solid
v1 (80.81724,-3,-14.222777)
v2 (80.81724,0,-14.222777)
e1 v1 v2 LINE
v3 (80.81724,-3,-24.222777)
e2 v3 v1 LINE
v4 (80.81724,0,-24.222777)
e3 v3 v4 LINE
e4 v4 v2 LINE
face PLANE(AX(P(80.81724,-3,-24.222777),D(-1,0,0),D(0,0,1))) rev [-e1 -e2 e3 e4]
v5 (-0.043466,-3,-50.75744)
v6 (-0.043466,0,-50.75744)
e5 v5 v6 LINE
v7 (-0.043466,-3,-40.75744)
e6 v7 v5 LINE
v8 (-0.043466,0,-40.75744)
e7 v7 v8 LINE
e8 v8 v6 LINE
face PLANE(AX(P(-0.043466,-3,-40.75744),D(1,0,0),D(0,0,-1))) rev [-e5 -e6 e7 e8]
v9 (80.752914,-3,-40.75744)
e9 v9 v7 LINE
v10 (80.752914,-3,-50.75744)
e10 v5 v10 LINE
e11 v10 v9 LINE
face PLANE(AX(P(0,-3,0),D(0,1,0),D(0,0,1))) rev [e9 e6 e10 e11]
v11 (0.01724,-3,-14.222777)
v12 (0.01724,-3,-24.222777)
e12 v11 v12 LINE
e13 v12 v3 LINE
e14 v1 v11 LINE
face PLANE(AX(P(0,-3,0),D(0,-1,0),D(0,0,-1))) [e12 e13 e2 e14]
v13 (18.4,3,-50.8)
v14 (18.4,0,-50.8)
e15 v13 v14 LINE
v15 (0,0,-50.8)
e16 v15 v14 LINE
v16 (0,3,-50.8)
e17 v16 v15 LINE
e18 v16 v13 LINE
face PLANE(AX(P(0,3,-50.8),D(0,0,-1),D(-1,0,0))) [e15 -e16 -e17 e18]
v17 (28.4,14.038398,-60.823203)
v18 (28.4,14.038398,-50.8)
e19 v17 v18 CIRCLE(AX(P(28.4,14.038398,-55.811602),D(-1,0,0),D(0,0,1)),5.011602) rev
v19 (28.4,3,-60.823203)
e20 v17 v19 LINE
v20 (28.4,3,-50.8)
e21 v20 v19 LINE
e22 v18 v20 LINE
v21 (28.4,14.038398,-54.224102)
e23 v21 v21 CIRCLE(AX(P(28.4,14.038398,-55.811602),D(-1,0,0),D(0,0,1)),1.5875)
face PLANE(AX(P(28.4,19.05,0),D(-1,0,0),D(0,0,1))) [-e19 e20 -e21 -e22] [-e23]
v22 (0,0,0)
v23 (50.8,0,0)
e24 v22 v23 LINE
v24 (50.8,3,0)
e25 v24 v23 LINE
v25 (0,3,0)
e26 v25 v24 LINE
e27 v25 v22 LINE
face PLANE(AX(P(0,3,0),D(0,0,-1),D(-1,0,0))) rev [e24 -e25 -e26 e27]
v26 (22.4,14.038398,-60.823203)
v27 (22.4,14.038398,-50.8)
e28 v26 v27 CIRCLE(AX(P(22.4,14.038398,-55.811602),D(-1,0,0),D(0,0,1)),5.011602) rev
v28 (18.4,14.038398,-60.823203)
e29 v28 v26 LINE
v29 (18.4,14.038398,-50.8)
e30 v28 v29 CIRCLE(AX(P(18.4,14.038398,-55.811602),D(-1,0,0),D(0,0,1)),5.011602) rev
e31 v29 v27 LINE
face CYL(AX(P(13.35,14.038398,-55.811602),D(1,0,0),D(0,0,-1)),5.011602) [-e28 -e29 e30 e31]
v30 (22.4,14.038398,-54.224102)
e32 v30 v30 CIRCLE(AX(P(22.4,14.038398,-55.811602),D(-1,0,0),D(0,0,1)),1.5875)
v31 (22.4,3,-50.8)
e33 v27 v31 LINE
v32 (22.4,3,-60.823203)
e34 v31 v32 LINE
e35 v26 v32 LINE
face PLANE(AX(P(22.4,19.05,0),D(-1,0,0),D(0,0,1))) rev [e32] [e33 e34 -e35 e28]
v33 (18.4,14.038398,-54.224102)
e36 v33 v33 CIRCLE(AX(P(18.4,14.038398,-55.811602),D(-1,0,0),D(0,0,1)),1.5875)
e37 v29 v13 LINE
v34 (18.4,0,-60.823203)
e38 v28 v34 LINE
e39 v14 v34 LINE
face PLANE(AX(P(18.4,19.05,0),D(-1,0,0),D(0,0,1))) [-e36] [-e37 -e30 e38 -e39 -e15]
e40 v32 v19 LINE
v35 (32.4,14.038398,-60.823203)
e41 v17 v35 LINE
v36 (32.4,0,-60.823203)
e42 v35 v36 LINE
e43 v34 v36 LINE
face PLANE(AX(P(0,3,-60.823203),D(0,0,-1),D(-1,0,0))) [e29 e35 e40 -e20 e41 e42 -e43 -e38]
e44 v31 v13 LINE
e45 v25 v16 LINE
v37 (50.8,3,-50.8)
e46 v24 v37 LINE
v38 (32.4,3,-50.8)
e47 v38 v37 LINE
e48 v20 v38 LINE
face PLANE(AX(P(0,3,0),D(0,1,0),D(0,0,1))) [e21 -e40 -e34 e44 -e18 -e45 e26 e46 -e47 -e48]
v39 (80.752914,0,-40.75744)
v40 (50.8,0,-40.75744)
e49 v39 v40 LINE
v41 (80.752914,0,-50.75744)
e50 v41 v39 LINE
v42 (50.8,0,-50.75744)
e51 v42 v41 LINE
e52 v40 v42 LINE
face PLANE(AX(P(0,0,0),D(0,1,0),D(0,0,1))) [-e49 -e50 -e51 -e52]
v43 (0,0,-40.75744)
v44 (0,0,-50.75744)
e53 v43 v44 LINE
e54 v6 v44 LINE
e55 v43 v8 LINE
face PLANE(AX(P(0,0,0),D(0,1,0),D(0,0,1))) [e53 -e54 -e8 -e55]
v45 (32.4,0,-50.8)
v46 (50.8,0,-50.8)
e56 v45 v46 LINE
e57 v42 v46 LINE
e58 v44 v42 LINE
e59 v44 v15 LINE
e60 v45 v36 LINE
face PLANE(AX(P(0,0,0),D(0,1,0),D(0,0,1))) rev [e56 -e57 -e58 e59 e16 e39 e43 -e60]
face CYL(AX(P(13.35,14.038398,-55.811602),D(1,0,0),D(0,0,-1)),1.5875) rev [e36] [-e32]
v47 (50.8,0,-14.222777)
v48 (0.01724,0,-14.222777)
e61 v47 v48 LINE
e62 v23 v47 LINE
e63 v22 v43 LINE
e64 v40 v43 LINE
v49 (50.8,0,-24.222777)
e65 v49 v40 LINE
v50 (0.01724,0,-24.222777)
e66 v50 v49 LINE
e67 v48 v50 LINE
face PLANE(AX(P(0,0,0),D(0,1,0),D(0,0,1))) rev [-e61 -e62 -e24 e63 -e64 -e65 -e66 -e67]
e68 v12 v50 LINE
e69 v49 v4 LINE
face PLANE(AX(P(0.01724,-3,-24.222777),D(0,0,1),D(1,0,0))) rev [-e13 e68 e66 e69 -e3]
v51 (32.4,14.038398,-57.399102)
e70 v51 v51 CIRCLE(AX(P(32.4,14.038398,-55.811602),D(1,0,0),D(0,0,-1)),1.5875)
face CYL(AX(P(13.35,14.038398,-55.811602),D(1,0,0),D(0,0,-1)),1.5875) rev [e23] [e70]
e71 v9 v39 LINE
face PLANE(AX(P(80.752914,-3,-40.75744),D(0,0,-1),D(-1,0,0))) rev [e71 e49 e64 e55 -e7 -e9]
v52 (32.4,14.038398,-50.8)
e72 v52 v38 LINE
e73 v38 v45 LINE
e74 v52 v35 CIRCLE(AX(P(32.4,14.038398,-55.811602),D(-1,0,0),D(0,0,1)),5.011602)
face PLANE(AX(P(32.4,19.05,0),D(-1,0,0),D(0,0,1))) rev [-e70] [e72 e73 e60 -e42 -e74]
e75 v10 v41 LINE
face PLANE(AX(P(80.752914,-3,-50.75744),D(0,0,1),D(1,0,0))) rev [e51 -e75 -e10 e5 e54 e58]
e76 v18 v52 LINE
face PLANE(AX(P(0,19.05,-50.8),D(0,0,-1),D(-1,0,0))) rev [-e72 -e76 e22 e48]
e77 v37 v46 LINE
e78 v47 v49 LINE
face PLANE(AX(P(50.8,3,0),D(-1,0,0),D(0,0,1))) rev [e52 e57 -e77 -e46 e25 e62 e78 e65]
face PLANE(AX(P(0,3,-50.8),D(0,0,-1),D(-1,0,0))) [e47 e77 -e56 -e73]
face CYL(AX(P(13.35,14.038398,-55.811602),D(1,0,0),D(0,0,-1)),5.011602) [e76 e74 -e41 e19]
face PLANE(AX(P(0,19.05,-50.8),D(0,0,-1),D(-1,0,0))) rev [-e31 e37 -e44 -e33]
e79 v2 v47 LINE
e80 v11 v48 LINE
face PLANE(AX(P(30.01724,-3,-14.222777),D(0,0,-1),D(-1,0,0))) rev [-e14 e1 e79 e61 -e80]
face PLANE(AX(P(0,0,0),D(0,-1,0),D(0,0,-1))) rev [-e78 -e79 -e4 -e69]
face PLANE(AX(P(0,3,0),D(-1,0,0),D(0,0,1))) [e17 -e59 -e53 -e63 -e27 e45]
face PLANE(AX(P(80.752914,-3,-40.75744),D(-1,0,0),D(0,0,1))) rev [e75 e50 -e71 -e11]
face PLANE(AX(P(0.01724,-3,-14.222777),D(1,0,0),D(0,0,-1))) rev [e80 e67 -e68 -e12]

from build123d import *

# Parameters (mm, degrees)
BOSS_EXTRUDE1_DEPTH = 3
SKETCH1_3_W         = 4
SKETCH1_3_H         = 10.023203152
BOSS_EXTRUDE2_DEPTH = 19.05
SKETCH2_R           = 1.5875
CUT_EXTRUDE1_DEPTH  = 19.05
SKETCH3_W           = 80.796379589
SKETCH3_H           = 10
BOSS_EXTRUDE3_DEPTH = 3


with BuildPart() as part:
    # Sketch1 → Boss-Extrude1 (new body)
    with BuildSketch(Plane(origin=(0, 0, 0), x_dir=(1, 0, 0), z_dir=(0, 1, 0))):
        Polygon((0, 50.8), (0, 0), (50.8, 0), (50.8, 50.8), (28.4, 50.8), (28.4, 60.823203152), (22.4, 60.823203152), (22.4, 50.8), align=None)
    extrude(amount=BOSS_EXTRUDE1_DEPTH)

    # Sketch1<3> → Boss-Extrude2 (add)
    with BuildSketch(Plane(origin=(0, 0, 0), x_dir=(1, 0, 0), z_dir=(0, 1, 0))):
        with Locations((20.4, 55.811601576)):
            Rectangle(SKETCH1_3_W, SKETCH1_3_H)
        with Locations((30.4, 55.811601576)):
            Rectangle(SKETCH1_3_W, SKETCH1_3_H)
    extrude(amount=BOSS_EXTRUDE2_DEPTH)

    # Sketch2 → Cut-Extrude1 (cut)
    with BuildSketch(Plane(origin=(32.4, 0, 0), x_dir=(0, 0, -1), z_dir=(1, 0, 0))):
        with Locations((55.811601576, 14.038398424)):
            Circle(SKETCH2_R)
        with BuildLine():
            Line((50.8, 14.038398424), (49.911458456, 20.395059664))
            Line((49.911458456, 20.395059664), (64.501767063, 21.247740037))
            Line((64.501767063, 21.247740037), (60.823203152, 14.038398424))
            ThreePointArc((60.823203152, 14.038398424), (55.811601576, 19.05), (50.8, 14.038398424))
        make_face()
    extrude(amount=-CUT_EXTRUDE1_DEPTH, mode=Mode.SUBTRACT)

    # Sketch3 → Boss-Extrude3 (add)
    with BuildSketch(Plane.XZ):
        Polygon((30.017240132, -14.222777316), (0.017240132, -14.222777316), (0.017240132, -24.222777316), (80.817240132, -24.222777316), (80.817240132, -14.222777316), align=None)
        with Locations((40.354723884, -45.757439596)):
            Rectangle(SKETCH3_W, SKETCH3_H)
    extrude(amount=BOSS_EXTRUDE3_DEPTH)


solid = part.part
